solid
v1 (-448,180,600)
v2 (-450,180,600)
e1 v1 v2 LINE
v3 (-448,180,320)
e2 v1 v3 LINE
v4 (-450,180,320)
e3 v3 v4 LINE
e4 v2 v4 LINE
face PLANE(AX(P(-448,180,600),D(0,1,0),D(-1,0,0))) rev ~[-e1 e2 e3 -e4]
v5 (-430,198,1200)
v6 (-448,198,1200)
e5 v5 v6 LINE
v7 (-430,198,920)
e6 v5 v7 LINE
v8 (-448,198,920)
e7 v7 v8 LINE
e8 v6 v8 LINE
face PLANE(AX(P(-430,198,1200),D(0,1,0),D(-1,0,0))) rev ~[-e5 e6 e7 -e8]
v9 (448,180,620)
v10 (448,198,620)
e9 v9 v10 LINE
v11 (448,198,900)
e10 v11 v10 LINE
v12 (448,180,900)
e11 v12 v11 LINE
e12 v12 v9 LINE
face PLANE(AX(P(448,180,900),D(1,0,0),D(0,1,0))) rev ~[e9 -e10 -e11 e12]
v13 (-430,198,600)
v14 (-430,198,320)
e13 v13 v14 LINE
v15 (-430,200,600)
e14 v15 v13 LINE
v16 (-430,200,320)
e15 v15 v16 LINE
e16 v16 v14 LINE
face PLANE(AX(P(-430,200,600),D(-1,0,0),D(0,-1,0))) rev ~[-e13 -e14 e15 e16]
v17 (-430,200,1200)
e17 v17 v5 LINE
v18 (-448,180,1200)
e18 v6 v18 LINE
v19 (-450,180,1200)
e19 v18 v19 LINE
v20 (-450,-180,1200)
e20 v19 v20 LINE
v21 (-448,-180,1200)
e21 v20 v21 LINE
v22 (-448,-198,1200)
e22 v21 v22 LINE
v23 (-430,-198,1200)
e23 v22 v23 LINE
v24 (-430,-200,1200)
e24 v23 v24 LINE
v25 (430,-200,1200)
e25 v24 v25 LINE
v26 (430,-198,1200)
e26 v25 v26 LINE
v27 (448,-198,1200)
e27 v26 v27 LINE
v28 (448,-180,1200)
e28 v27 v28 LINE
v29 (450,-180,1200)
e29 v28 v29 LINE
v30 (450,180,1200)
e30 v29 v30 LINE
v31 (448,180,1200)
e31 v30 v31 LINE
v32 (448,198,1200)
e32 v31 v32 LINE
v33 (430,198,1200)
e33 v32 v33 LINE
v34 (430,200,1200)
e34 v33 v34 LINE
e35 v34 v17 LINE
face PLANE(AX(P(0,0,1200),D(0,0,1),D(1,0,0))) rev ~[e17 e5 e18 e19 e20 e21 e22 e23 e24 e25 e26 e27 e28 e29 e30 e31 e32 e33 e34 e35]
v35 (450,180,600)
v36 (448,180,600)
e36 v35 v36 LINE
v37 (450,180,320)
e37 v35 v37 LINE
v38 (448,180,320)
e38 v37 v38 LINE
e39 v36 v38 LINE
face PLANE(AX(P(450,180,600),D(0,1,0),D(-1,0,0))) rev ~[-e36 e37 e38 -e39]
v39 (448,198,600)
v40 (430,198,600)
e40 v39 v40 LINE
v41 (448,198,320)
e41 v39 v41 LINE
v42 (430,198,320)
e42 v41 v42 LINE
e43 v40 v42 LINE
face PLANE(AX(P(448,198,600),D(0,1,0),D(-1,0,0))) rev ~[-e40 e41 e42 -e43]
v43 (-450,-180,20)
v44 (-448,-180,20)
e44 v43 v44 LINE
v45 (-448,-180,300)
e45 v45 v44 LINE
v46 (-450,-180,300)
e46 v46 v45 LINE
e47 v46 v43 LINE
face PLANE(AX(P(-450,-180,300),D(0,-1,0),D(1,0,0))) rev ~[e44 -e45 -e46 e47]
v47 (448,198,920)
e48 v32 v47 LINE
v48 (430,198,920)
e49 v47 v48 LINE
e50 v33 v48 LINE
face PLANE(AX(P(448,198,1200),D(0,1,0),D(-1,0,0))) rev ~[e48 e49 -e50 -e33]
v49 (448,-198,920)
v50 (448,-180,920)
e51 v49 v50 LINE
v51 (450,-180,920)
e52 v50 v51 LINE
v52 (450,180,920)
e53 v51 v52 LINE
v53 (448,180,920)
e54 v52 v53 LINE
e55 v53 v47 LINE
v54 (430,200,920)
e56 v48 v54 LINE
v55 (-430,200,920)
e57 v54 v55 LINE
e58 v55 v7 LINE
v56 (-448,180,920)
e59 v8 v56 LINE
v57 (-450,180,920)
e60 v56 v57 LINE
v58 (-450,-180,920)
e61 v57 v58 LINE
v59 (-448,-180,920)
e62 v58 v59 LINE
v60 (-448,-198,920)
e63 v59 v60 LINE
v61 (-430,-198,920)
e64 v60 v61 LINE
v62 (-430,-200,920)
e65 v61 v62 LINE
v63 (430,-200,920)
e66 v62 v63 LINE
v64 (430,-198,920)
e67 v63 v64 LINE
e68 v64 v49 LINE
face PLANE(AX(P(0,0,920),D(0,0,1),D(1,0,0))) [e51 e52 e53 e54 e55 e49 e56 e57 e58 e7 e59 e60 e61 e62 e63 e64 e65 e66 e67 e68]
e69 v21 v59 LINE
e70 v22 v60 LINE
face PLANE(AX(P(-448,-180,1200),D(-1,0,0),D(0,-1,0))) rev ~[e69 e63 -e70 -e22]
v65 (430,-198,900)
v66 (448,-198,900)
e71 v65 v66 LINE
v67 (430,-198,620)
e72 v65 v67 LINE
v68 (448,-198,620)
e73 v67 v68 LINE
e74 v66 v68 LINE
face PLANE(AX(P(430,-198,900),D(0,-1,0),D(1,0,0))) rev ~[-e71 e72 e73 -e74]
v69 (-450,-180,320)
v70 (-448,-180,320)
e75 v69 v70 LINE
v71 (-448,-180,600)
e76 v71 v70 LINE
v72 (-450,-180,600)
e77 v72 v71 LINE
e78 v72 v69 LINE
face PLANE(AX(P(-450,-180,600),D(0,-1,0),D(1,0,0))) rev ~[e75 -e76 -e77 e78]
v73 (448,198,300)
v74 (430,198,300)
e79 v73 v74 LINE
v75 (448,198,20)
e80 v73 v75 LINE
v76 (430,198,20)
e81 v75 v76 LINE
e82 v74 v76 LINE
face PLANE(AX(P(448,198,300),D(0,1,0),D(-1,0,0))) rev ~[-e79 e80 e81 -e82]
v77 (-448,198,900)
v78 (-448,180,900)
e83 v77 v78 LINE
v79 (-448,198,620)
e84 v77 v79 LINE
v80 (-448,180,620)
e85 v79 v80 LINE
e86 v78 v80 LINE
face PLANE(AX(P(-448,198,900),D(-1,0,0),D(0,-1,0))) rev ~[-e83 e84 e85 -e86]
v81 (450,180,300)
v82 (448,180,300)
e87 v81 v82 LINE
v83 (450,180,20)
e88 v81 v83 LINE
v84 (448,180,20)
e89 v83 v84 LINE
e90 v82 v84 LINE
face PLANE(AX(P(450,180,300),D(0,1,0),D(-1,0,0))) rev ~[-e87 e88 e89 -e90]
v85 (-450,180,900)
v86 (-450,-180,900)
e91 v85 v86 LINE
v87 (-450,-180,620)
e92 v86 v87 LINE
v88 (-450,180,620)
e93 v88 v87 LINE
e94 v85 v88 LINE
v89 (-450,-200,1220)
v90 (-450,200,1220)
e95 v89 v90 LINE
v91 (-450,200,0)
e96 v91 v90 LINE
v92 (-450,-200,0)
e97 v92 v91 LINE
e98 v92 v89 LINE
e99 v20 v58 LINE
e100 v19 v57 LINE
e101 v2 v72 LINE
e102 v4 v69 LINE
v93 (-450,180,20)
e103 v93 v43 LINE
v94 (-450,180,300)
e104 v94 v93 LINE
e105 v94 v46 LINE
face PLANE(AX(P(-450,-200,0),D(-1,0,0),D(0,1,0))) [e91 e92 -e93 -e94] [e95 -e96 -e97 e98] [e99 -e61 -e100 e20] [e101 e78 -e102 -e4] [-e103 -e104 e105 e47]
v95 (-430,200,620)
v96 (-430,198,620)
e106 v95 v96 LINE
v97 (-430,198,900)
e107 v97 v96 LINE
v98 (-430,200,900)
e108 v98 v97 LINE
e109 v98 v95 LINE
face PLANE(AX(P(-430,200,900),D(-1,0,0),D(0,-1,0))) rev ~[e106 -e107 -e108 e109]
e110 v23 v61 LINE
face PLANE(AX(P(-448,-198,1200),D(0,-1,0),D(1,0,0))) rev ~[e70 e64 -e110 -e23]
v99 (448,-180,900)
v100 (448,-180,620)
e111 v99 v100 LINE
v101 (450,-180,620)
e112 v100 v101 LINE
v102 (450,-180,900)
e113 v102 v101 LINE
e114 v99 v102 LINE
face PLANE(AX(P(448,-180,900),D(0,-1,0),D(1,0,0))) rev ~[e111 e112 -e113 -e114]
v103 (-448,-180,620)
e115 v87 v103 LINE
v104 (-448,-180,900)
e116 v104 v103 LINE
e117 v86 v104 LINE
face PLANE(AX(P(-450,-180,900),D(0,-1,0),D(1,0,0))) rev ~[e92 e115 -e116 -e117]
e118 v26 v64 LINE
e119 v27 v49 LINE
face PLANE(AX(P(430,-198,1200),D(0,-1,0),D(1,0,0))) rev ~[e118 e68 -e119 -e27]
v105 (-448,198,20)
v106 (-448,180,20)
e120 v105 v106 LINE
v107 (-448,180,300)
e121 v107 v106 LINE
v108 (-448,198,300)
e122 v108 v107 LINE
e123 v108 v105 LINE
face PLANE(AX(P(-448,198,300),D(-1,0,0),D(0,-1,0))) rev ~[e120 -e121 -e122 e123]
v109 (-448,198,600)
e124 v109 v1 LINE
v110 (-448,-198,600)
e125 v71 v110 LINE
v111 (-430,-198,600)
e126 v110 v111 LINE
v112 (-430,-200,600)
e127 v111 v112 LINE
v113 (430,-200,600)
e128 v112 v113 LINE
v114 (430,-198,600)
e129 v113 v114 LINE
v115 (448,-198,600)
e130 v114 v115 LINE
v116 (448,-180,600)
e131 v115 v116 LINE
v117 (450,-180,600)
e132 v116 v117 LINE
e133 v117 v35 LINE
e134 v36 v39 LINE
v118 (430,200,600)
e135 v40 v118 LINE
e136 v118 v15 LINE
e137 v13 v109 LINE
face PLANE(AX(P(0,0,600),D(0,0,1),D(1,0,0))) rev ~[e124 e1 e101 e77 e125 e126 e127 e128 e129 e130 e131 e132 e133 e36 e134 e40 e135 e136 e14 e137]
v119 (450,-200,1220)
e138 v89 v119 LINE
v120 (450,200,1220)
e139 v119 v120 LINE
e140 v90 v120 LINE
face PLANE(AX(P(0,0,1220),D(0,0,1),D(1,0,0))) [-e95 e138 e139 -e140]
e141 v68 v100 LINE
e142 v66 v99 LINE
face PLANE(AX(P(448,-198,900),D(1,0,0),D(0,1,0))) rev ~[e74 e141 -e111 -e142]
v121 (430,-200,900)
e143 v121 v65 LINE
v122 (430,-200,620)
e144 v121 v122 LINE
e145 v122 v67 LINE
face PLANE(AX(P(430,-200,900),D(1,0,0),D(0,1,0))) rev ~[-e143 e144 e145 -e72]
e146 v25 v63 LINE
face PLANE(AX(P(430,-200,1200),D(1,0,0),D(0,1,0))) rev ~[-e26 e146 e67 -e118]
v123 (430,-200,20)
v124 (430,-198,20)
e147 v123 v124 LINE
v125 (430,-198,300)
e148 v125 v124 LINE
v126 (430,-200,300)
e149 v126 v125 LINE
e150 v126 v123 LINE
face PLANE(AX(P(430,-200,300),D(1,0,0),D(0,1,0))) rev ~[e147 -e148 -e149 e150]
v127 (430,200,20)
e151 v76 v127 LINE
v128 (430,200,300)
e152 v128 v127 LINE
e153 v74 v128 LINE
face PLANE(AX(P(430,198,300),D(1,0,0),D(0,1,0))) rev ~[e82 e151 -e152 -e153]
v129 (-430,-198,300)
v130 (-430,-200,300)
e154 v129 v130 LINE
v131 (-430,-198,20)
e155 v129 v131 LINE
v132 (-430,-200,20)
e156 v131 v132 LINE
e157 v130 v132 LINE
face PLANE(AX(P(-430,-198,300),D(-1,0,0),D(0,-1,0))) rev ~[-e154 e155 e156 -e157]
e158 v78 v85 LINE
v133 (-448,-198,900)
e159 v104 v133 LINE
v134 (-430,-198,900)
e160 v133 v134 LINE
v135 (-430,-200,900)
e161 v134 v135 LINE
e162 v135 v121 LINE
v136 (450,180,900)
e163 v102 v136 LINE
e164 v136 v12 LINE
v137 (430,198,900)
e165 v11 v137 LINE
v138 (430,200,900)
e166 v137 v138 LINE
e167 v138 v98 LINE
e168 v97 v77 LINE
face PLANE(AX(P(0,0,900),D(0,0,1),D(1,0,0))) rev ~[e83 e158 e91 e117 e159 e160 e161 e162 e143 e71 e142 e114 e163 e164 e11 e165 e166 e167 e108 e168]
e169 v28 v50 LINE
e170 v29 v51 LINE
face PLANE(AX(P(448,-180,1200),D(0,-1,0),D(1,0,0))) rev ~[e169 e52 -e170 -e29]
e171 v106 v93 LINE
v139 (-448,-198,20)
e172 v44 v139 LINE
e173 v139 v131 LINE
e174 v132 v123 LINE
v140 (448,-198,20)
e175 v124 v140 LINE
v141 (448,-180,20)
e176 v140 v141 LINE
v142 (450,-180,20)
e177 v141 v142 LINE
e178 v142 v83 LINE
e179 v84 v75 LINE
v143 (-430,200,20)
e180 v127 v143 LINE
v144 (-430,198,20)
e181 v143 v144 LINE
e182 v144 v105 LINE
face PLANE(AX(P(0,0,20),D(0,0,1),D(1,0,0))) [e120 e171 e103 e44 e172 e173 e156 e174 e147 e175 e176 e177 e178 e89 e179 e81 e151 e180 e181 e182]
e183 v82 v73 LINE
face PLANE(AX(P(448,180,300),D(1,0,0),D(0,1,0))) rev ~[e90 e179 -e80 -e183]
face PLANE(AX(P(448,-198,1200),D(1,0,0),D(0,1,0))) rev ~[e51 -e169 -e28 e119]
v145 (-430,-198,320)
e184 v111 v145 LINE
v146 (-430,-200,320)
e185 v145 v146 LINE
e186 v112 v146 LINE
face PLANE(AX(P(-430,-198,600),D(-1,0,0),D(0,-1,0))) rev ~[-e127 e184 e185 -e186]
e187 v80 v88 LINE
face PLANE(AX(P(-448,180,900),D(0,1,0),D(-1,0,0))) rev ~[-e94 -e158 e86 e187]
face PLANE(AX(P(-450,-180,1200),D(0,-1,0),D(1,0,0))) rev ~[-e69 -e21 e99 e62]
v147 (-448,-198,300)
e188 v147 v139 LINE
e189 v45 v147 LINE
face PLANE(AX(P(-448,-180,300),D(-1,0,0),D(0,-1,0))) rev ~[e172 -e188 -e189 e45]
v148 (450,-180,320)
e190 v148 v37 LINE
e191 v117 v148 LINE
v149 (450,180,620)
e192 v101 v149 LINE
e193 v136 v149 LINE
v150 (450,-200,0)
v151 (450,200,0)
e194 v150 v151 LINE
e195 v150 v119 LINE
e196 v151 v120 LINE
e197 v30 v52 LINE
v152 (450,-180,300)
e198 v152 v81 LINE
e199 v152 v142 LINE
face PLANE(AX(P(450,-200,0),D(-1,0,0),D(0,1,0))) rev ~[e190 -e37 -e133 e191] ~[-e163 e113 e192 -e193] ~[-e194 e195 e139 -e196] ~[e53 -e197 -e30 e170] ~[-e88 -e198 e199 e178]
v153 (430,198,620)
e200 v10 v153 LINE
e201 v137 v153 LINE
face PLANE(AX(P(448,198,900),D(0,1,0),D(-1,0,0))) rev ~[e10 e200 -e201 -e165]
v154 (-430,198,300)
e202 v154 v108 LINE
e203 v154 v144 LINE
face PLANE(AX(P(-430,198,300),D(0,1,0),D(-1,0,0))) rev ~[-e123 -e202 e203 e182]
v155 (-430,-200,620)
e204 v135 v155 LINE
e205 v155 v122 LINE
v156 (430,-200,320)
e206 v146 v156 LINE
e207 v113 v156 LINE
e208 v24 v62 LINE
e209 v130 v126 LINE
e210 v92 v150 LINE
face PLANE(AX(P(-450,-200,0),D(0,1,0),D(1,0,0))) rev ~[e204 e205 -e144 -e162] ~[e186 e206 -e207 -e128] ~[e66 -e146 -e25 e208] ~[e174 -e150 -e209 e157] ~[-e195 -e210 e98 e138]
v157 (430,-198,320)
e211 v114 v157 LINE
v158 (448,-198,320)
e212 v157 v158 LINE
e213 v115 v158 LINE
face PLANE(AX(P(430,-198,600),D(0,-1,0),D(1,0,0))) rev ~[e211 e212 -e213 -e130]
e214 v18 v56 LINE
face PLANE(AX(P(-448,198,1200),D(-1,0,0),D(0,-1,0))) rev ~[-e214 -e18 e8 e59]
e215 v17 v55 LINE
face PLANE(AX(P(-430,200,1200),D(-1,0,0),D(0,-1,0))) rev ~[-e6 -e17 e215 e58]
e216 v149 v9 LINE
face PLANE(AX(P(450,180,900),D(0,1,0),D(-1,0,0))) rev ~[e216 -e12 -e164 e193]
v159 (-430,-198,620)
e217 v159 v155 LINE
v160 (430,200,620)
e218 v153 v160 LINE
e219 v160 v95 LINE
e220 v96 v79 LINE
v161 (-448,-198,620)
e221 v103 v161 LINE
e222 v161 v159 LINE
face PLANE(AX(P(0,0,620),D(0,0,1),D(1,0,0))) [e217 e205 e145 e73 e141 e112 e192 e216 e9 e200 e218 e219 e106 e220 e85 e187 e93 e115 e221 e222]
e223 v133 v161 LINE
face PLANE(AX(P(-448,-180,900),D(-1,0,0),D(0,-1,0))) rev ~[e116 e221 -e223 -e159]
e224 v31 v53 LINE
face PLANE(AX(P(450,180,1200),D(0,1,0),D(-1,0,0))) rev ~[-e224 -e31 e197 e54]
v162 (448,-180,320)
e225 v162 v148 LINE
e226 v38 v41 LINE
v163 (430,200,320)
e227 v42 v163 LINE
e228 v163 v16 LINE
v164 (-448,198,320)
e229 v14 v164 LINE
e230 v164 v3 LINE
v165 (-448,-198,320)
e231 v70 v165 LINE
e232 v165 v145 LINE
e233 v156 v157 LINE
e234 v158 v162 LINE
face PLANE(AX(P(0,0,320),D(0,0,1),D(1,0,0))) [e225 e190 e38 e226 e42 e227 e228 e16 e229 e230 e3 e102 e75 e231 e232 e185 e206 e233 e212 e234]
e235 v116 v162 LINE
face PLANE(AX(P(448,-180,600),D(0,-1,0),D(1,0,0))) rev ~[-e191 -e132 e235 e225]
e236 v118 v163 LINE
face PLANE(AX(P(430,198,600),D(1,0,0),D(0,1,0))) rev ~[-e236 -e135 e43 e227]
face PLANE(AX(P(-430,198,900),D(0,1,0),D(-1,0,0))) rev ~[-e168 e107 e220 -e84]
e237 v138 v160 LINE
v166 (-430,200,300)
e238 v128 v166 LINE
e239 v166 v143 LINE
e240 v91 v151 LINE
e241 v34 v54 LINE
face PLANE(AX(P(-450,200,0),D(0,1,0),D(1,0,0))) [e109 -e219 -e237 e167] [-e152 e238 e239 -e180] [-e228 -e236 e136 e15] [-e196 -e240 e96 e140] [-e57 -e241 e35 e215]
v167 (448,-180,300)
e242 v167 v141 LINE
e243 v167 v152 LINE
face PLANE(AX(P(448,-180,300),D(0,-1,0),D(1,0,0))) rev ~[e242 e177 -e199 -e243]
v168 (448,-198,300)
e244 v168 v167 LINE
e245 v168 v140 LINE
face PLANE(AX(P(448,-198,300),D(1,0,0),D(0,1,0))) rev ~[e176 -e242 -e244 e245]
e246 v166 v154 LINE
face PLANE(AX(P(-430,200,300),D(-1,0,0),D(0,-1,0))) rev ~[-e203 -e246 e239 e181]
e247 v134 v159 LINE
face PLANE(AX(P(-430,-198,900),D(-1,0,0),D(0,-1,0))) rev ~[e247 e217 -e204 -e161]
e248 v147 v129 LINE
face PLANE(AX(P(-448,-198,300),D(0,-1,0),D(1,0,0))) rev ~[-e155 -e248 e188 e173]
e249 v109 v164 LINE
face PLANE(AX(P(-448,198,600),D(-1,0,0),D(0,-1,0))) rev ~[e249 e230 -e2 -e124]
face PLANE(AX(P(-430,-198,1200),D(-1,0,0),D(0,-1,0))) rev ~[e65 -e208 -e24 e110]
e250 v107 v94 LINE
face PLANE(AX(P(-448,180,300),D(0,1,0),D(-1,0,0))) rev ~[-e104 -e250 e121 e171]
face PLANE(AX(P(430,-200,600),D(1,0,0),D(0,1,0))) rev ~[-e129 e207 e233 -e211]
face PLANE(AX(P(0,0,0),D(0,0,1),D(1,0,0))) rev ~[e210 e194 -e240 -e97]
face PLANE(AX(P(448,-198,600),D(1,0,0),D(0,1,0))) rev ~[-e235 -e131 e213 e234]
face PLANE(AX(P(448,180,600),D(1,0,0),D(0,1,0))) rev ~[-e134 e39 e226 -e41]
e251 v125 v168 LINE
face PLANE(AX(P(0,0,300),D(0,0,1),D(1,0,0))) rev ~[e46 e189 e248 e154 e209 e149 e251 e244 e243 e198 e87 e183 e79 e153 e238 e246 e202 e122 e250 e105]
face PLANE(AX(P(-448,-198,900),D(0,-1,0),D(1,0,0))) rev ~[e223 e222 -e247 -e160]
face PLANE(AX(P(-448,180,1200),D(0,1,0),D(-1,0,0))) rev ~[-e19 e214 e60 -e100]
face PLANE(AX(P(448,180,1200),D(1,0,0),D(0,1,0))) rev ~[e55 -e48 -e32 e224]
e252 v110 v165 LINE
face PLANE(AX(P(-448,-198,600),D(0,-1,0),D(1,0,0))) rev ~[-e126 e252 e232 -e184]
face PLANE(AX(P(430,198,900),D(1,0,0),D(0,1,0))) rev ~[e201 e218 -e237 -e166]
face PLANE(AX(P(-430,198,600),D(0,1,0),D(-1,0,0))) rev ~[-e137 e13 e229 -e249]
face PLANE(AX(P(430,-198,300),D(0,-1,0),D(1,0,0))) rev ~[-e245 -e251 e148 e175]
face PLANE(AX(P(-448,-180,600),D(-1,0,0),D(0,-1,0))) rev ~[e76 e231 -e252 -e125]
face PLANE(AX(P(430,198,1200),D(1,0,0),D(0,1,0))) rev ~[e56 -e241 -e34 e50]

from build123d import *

# Parameters (mm, degrees)
F4_W      = 900
F4_H      = 400
F6_DEPTH  = 1220
F7_DEPTH  = 280
F11_DEPTH = 280
F12_DEPTH = 280
F13_DEPTH = 280


with BuildPart() as f6:
    # F4 (on Top) → F6 (new body)
    with BuildSketch(Plane.XY):
        Rectangle(F4_W, F4_H)
    extrude(amount=F6_DEPTH)

    # F5 (on offset) → F7 (cut)
    with BuildSketch(Plane.XY.offset(300)):
        Polygon((-430, 198), (-448, 198), (-448, 180), (-450, 180), (-450, -180), (-448, -180), (-448, -198), (-430, -198), (-430, -200), (430, -200), (430, -198), (448, -198), (448, -180), (450, -180), (450, 180), (448, 180), (448, 198), (430, 198), (430, 200), (-430, 200), align=None)
    extrude(amount=-F7_DEPTH, mode=Mode.SUBTRACT)

    # F8 (on offset) → F11 (cut)
    with BuildSketch(Plane.XY.offset(600)):
        Polygon((-430, 198), (-448, 198), (-448, 180), (-450, 180), (-450, -180), (-448, -180), (-448, -198), (-430, -198), (-430, -200), (430, -200), (430, -198), (448, -198), (448, -180), (450, -180), (450, 180), (448, 180), (448, 198), (430, 198), (430, 200), (-430, 200), align=None)
    extrude(amount=-F11_DEPTH, mode=Mode.SUBTRACT)

    # F9 (on offset) → F12 (cut)
    with BuildSketch(Plane.XY.offset(900)):
        Polygon((-430, 198), (-448, 198), (-448, 180), (-450, 180), (-450, -180), (-448, -180), (-448, -198), (-430, -198), (-430, -200), (430, -200), (430, -198), (448, -198), (448, -180), (450, -180), (450, 180), (448, 180), (448, 198), (430, 198), (430, 200), (-430, 200), align=None)
    extrude(amount=-F12_DEPTH, mode=Mode.SUBTRACT)

    # F10 (on offset) → F13 (cut)
    with BuildSketch(Plane.XY.offset(1200)):
        Polygon((-430, 198), (-448, 198), (-448, 180), (-450, 180), (-450, -180), (-448, -180), (-448, -198), (-430, -198), (-430, -200), (430, -200), (430, -198), (448, -198), (448, -180), (450, -180), (450, 180), (448, 180), (448, 198), (430, 198), (430, 200), (-430, 200), align=None)
    extrude(amount=-F13_DEPTH, mode=Mode.SUBTRACT)


solid = f6.part
